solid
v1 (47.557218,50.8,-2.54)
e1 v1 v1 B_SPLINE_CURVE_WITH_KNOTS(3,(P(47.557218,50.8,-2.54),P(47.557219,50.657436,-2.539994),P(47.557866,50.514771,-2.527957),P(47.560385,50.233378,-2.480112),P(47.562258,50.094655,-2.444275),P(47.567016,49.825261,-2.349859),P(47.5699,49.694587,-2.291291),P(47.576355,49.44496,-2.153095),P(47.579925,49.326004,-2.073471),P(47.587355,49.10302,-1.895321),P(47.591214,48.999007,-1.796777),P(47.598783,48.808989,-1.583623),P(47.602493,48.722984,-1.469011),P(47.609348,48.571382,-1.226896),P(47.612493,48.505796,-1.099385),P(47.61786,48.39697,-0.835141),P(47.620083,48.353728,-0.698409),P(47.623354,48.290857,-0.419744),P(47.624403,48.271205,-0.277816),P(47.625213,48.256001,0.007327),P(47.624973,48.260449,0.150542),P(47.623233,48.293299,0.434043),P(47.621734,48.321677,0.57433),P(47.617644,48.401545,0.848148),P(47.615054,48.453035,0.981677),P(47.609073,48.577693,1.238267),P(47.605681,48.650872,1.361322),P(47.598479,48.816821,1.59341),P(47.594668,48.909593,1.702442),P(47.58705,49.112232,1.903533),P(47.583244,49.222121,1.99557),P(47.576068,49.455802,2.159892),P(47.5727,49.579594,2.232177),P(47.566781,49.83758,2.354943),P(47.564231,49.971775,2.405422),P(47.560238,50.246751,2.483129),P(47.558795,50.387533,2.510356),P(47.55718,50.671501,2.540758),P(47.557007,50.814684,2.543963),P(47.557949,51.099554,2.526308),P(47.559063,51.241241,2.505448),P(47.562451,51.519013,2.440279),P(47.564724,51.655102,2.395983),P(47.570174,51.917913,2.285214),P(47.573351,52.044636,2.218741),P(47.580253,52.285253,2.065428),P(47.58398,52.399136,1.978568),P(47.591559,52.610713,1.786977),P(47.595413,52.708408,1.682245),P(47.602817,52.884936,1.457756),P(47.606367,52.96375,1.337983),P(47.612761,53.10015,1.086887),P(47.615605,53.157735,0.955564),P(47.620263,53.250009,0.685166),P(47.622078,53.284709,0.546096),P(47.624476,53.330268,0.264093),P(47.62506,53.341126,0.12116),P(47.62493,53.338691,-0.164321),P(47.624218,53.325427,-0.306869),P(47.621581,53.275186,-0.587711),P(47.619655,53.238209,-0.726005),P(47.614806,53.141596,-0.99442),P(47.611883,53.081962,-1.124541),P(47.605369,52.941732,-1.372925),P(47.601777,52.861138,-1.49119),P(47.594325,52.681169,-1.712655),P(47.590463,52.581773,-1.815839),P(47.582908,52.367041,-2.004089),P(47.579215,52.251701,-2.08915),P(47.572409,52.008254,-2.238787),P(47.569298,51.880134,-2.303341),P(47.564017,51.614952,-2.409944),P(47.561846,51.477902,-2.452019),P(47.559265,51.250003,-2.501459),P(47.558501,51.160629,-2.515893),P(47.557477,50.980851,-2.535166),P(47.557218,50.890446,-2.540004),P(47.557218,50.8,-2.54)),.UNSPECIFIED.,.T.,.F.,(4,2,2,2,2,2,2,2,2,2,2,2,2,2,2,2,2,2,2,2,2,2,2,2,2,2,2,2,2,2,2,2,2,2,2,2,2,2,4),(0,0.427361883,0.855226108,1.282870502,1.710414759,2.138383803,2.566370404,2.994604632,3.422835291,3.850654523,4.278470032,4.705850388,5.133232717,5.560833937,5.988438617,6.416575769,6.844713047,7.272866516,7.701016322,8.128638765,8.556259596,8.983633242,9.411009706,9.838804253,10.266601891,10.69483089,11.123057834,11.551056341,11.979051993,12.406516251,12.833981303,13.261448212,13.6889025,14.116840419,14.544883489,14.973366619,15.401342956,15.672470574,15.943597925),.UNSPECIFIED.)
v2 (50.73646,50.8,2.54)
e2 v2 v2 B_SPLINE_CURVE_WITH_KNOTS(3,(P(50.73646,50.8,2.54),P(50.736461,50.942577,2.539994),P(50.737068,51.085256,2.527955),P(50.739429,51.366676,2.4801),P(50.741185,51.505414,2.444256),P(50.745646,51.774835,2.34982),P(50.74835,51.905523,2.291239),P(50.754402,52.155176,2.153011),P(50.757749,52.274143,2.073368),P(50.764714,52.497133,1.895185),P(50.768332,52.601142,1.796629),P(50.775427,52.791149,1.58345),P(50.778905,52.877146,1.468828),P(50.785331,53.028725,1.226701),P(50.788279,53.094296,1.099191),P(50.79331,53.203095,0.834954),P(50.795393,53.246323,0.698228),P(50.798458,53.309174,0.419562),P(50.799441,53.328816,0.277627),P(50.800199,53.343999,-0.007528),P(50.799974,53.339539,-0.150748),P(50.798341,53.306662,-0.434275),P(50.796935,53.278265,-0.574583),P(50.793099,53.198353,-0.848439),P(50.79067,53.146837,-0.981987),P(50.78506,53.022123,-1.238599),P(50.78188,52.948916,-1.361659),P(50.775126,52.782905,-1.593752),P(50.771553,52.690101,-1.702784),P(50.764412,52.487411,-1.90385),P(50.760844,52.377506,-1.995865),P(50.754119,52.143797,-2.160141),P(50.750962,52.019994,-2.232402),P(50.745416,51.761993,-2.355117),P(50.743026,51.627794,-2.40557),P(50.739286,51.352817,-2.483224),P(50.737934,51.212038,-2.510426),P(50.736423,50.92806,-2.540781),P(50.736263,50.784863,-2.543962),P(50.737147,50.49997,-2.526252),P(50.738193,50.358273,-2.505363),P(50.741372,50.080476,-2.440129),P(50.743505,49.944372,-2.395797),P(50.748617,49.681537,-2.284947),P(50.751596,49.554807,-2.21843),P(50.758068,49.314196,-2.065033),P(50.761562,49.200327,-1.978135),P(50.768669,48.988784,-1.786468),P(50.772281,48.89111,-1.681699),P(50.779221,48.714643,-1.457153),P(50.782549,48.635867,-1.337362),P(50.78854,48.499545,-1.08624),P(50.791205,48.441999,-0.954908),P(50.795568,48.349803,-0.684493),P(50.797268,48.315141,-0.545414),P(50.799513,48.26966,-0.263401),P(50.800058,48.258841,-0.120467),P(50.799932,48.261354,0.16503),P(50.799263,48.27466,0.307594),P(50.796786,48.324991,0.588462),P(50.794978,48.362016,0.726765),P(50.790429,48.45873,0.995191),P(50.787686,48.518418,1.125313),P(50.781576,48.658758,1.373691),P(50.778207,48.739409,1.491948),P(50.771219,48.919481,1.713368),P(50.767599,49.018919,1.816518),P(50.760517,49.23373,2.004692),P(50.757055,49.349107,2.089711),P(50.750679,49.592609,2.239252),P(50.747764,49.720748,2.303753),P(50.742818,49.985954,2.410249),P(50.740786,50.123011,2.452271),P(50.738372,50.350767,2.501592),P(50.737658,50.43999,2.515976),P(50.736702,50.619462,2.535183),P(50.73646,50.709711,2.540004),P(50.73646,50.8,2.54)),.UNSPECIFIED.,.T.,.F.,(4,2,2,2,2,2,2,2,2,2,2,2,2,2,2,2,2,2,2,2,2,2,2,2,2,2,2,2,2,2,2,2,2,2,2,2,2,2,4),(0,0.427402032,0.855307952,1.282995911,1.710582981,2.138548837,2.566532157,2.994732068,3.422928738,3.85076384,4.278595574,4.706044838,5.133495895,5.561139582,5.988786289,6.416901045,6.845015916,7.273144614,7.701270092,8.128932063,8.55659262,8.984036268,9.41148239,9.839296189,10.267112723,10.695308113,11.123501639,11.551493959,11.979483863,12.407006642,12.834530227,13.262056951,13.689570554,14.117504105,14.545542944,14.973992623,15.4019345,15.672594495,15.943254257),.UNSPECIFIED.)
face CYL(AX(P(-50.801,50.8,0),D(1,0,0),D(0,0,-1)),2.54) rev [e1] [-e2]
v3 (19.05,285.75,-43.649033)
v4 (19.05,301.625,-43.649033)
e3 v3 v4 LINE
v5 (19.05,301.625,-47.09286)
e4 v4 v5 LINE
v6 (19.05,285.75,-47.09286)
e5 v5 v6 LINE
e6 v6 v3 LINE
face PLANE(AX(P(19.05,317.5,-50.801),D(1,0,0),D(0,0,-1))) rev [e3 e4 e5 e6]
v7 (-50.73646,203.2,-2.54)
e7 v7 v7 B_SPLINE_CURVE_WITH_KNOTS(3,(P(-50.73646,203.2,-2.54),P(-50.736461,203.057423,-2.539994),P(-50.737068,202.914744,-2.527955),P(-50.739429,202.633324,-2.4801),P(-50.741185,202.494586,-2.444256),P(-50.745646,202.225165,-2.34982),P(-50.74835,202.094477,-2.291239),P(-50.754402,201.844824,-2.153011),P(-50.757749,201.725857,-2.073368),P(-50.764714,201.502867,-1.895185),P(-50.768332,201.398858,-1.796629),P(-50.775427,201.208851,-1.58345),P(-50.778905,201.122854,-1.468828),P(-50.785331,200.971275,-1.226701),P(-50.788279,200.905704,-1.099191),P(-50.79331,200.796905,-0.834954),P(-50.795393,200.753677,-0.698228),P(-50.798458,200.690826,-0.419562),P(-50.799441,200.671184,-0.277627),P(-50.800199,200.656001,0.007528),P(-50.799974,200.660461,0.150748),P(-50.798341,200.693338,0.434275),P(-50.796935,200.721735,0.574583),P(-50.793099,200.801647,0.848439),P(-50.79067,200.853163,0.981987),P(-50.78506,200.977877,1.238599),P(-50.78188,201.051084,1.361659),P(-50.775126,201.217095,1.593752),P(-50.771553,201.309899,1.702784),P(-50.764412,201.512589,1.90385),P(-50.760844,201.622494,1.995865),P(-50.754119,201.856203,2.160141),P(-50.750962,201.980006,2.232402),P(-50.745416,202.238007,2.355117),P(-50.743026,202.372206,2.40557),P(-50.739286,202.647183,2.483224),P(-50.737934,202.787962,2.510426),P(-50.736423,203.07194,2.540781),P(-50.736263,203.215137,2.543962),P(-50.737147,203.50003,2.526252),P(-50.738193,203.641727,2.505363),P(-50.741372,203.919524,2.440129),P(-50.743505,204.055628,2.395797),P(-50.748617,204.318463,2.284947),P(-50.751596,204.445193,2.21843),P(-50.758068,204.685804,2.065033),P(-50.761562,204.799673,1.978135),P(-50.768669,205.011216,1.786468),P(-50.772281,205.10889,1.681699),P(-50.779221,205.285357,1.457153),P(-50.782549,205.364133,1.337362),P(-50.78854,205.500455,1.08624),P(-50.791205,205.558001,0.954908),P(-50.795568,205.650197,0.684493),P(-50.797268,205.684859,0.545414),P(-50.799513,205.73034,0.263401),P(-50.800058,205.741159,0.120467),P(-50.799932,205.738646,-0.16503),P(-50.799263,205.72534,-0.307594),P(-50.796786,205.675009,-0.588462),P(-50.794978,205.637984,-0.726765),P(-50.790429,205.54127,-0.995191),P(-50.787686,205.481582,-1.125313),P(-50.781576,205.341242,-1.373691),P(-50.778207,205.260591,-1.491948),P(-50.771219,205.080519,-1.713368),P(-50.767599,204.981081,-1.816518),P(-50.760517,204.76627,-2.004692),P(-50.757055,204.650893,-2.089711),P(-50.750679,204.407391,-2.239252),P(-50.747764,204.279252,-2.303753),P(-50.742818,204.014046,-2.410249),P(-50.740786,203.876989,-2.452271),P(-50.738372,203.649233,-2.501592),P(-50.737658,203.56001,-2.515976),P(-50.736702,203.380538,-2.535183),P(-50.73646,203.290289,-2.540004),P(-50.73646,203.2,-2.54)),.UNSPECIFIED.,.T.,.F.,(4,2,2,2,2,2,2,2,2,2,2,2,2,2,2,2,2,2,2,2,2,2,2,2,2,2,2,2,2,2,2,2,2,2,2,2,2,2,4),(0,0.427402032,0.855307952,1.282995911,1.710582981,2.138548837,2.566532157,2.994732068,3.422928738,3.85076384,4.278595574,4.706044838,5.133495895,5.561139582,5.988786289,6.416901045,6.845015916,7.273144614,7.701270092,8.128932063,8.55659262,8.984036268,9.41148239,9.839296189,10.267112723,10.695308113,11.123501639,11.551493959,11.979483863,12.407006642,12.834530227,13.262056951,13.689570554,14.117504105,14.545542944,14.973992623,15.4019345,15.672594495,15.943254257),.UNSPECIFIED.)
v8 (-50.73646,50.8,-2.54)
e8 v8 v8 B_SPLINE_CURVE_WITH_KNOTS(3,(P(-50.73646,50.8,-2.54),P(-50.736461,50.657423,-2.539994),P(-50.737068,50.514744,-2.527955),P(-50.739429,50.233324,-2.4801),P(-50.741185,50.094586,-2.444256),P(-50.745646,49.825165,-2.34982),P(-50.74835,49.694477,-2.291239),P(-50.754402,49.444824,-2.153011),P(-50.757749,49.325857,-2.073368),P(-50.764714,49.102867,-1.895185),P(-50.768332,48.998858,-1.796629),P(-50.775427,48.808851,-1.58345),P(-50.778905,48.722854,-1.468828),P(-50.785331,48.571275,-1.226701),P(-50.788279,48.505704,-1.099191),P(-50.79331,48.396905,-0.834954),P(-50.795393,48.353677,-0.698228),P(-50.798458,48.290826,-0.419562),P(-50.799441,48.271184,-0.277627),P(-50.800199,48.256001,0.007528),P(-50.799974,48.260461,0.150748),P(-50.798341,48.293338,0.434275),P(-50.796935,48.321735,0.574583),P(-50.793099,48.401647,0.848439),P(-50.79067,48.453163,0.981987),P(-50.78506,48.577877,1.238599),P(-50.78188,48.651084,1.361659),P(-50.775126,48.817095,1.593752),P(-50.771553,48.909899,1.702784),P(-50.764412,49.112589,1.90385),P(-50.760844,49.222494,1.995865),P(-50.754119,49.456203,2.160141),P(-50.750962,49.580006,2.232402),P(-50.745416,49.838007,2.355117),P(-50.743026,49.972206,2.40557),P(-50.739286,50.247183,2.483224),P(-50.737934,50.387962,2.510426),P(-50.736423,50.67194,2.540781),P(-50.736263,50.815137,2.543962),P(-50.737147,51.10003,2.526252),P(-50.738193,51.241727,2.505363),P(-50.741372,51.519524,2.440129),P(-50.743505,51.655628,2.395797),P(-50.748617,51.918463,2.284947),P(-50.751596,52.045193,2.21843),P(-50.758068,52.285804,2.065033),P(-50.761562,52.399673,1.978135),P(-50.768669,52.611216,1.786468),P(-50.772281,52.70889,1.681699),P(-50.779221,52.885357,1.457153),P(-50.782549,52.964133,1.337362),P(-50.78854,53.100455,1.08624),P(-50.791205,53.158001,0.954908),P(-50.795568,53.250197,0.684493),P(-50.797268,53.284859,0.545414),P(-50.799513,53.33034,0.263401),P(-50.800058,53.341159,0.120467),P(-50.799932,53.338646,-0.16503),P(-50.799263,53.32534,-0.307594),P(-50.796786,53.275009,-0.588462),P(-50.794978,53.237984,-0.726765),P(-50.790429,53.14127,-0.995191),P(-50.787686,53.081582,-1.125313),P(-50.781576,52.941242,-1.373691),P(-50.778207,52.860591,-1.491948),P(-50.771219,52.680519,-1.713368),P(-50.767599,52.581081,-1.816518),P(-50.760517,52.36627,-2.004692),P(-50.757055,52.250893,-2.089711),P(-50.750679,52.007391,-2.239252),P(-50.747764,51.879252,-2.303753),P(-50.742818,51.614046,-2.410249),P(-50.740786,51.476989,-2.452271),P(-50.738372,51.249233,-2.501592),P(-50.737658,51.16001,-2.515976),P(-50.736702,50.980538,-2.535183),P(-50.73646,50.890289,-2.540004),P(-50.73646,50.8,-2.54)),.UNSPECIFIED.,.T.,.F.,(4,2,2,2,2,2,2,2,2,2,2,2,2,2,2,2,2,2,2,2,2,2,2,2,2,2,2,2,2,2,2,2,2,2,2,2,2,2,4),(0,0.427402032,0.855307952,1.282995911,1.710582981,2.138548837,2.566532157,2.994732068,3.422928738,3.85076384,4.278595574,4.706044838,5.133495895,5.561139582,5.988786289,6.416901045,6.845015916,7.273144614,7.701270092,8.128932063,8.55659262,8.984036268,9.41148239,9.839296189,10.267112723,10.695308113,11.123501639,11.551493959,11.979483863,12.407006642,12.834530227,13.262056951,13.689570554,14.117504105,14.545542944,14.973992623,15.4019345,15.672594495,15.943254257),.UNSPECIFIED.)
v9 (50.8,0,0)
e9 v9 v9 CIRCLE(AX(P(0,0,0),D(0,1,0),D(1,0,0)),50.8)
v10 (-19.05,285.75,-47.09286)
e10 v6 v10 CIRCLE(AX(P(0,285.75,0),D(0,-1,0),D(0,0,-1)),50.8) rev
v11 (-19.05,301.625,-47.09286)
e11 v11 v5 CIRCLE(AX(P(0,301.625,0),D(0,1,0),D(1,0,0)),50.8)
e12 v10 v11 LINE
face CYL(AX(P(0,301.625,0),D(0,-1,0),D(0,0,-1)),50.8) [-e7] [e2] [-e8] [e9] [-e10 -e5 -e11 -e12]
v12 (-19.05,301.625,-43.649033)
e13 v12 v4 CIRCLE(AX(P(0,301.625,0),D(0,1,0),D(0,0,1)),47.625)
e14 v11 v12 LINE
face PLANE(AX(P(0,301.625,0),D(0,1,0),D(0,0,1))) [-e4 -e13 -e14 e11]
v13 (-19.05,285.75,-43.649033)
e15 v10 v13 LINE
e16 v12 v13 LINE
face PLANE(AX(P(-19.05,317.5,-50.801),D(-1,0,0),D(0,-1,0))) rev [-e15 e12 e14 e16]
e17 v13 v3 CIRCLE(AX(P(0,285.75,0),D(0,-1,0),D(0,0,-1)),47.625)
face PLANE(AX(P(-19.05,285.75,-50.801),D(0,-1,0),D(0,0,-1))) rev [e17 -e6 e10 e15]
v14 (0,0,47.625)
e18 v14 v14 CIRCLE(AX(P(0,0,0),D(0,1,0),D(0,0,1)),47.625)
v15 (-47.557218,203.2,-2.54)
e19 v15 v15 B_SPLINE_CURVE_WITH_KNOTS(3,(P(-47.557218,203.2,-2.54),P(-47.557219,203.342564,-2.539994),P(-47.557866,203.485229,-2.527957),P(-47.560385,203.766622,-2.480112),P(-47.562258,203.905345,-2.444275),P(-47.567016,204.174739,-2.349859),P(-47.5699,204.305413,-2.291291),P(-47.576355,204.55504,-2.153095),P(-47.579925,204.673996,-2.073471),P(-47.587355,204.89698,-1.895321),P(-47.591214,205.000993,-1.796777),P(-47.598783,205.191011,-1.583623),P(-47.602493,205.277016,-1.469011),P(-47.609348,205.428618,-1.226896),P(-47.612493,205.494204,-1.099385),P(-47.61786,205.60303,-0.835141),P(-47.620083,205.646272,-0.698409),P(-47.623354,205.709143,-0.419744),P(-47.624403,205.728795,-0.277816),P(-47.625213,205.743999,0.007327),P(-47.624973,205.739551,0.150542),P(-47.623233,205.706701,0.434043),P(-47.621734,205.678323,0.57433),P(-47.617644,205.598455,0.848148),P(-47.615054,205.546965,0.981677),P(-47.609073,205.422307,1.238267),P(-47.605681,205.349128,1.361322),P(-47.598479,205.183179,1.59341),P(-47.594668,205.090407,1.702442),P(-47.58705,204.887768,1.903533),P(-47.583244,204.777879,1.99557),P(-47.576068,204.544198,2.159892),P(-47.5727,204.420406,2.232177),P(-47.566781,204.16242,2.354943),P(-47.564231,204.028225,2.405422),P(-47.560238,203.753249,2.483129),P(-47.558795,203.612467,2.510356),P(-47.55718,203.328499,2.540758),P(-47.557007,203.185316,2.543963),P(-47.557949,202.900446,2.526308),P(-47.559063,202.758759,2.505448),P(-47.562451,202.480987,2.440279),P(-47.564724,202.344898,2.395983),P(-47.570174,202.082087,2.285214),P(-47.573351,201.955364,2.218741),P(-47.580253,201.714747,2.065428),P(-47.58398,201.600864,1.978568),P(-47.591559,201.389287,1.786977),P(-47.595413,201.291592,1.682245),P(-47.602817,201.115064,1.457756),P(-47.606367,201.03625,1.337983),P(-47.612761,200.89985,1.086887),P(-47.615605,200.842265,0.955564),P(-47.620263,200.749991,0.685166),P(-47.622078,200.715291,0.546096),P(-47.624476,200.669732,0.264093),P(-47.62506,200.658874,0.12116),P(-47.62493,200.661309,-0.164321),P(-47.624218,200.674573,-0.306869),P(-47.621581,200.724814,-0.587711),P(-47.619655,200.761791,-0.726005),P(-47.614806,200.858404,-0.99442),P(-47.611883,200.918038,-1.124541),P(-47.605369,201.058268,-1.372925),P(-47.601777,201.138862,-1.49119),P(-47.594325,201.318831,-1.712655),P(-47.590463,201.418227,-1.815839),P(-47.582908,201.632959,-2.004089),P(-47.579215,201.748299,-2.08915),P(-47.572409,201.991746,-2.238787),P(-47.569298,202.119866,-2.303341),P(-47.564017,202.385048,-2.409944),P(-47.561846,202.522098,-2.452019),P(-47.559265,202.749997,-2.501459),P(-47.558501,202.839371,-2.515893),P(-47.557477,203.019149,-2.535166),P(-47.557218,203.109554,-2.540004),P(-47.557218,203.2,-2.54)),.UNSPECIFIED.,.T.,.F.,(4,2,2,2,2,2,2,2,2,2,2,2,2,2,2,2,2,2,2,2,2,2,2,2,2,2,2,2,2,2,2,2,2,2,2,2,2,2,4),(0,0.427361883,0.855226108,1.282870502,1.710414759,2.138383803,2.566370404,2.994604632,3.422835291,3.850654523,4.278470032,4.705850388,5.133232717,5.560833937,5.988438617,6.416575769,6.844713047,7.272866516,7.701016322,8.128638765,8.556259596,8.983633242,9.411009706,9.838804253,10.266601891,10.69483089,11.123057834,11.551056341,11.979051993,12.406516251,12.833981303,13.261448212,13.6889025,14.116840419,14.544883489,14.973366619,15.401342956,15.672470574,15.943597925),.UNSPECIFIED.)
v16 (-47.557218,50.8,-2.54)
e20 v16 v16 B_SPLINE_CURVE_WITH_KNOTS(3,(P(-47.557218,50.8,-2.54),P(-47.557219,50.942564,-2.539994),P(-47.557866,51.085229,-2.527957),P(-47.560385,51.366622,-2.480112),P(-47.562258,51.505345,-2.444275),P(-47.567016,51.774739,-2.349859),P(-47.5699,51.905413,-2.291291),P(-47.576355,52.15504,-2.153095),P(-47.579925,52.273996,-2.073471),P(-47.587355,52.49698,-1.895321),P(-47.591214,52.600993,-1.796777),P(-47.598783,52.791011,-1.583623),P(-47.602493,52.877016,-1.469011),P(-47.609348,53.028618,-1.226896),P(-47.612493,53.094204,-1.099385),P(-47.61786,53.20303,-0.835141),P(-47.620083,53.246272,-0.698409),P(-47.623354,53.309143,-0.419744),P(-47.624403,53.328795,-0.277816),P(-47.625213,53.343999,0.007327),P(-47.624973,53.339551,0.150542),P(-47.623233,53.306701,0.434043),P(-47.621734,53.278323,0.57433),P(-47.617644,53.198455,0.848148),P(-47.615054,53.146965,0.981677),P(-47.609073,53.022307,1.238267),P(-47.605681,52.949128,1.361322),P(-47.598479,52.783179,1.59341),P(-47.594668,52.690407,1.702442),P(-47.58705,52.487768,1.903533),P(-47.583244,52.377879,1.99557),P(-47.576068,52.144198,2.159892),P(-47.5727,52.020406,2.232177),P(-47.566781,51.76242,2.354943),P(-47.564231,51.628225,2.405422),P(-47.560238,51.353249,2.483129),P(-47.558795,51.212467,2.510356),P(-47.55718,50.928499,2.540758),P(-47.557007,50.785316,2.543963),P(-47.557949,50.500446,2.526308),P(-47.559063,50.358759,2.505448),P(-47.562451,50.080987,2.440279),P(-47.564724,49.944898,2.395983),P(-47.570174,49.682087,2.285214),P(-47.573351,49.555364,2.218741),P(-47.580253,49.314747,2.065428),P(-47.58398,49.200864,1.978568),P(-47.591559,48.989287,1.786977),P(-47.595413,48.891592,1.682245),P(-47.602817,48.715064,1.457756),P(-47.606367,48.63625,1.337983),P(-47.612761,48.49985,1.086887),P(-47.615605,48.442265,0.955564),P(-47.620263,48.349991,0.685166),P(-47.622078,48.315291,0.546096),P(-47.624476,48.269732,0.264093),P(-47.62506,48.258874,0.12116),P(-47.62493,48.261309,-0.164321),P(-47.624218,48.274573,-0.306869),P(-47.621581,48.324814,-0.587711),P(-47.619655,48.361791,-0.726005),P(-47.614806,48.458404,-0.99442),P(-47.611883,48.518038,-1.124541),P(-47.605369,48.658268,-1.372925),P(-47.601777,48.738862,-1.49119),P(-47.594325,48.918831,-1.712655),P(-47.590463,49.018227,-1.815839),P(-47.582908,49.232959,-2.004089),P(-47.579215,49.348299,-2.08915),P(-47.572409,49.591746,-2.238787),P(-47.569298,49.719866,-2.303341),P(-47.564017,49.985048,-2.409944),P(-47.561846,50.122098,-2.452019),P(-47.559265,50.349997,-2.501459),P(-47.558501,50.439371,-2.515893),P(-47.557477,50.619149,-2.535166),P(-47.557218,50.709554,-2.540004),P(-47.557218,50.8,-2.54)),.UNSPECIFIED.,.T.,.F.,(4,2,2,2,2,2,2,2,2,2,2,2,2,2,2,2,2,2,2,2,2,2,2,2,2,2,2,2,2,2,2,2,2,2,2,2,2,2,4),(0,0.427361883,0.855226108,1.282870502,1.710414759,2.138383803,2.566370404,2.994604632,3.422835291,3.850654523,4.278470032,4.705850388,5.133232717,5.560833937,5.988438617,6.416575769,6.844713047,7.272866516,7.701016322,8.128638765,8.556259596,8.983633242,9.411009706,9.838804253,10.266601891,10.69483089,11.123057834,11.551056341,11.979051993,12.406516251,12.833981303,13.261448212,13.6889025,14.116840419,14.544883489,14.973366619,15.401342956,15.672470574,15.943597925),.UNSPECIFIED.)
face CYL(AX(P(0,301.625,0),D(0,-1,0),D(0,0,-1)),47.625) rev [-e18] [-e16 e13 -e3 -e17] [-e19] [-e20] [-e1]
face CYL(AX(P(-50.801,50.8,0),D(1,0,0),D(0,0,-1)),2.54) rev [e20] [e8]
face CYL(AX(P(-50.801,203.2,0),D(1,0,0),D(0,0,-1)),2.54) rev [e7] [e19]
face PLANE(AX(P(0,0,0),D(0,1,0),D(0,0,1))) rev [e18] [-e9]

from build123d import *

# Parameters (mm, degrees)
SKETCH1_R                      = 50.8
SKETCH1_R_2                    = 47.625
EXTRUDE_THIN1_DEPTH            = 301.625
CUT_EXTRUDE1_REACH             = 52.8
SKETCH2_W                      = 38.1
SKETCH2_H                      = 31.75
CUT_EXTRUDE2_REACH             = 52.8
SKETCH3_R                      = 2.54
CUT_EXTRUDE2_DIRECTION_2_REACH = 52.8
CUT_EXTRUDE3_REACH             = 52.8
SKETCH4_R                      = 2.54


with BuildPart() as part:
    # Sketch1 → Extrude-Thin1 (new body)
    with BuildSketch(Plane(origin=(0, 0, 0), x_dir=(1, 0, 0), z_dir=(0, 1, 0))):
        Circle(SKETCH1_R)
        Circle(SKETCH1_R_2, mode=Mode.SUBTRACT)
    extrude(amount=EXTRUDE_THIN1_DEPTH)

    # Sketch2 → Cut-Extrude1 (cut, up to next)
    with BuildSketch(Plane.XY, mode=Mode.PRIVATE) as cut_extrude1_sk1:
        with Locations((0, 301.625)):
            Rectangle(SKETCH2_W, SKETCH2_H)
    cut_extrude1_tool1 = extrude(cut_extrude1_sk1.sketch, amount=-CUT_EXTRUDE1_REACH, mode=Mode.PRIVATE) & part.part
    add(cut_extrude1_tool1.solids().sort_by_distance((0, 301.625, 0))[0], mode=Mode.SUBTRACT)

    # Sketch3 → Cut-Extrude2 (cut, up to next)
    with BuildSketch(Plane(origin=(0, 0, 0), x_dir=(0, 0, -1), z_dir=(1, 0, 0)), mode=Mode.PRIVATE) as cut_extrude2_sk1:
        with Locations((0, 50.8)):
            Circle(SKETCH3_R)
    cut_extrude2_tool1 = extrude(cut_extrude2_sk1.sketch, amount=-CUT_EXTRUDE2_REACH, mode=Mode.PRIVATE) & part.part
    add(cut_extrude2_tool1.solids().sort_by_distance((0, 50.8, 0))[0], mode=Mode.SUBTRACT)

    # Sketch3 → Cut-Extrude2 direction 2 (cut, up to next)
    with BuildSketch(Plane(origin=(0, 0, 0), x_dir=(0, 0, -1), z_dir=(1, 0, 0)), mode=Mode.PRIVATE) as cut_extrude2_direction_2_sk1:
        with Locations((0, 50.8)):
            Circle(SKETCH3_R)
    cut_extrude2_direction_2_tool1 = extrude(cut_extrude2_direction_2_sk1.sketch, amount=CUT_EXTRUDE2_DIRECTION_2_REACH, mode=Mode.PRIVATE) & part.part
    add(cut_extrude2_direction_2_tool1.solids().sort_by_distance((0, 50.8, 0))[0], mode=Mode.SUBTRACT)

    # Sketch4 → Cut-Extrude3 (cut, up to next)
    with BuildSketch(Plane(origin=(0, 0, 0), x_dir=(0, 0, -1), z_dir=(1, 0, 0)), mode=Mode.PRIVATE) as cut_extrude3_sk1:
        with Locations((0, 203.2)):
            Circle(SKETCH4_R)
    cut_extrude3_tool1 = extrude(cut_extrude3_sk1.sketch, amount=-CUT_EXTRUDE3_REACH, mode=Mode.PRIVATE) & part.part
    add(cut_extrude3_tool1.solids().sort_by_distance((0, 203.2, 0))[0], mode=Mode.SUBTRACT)


solid = part.part
